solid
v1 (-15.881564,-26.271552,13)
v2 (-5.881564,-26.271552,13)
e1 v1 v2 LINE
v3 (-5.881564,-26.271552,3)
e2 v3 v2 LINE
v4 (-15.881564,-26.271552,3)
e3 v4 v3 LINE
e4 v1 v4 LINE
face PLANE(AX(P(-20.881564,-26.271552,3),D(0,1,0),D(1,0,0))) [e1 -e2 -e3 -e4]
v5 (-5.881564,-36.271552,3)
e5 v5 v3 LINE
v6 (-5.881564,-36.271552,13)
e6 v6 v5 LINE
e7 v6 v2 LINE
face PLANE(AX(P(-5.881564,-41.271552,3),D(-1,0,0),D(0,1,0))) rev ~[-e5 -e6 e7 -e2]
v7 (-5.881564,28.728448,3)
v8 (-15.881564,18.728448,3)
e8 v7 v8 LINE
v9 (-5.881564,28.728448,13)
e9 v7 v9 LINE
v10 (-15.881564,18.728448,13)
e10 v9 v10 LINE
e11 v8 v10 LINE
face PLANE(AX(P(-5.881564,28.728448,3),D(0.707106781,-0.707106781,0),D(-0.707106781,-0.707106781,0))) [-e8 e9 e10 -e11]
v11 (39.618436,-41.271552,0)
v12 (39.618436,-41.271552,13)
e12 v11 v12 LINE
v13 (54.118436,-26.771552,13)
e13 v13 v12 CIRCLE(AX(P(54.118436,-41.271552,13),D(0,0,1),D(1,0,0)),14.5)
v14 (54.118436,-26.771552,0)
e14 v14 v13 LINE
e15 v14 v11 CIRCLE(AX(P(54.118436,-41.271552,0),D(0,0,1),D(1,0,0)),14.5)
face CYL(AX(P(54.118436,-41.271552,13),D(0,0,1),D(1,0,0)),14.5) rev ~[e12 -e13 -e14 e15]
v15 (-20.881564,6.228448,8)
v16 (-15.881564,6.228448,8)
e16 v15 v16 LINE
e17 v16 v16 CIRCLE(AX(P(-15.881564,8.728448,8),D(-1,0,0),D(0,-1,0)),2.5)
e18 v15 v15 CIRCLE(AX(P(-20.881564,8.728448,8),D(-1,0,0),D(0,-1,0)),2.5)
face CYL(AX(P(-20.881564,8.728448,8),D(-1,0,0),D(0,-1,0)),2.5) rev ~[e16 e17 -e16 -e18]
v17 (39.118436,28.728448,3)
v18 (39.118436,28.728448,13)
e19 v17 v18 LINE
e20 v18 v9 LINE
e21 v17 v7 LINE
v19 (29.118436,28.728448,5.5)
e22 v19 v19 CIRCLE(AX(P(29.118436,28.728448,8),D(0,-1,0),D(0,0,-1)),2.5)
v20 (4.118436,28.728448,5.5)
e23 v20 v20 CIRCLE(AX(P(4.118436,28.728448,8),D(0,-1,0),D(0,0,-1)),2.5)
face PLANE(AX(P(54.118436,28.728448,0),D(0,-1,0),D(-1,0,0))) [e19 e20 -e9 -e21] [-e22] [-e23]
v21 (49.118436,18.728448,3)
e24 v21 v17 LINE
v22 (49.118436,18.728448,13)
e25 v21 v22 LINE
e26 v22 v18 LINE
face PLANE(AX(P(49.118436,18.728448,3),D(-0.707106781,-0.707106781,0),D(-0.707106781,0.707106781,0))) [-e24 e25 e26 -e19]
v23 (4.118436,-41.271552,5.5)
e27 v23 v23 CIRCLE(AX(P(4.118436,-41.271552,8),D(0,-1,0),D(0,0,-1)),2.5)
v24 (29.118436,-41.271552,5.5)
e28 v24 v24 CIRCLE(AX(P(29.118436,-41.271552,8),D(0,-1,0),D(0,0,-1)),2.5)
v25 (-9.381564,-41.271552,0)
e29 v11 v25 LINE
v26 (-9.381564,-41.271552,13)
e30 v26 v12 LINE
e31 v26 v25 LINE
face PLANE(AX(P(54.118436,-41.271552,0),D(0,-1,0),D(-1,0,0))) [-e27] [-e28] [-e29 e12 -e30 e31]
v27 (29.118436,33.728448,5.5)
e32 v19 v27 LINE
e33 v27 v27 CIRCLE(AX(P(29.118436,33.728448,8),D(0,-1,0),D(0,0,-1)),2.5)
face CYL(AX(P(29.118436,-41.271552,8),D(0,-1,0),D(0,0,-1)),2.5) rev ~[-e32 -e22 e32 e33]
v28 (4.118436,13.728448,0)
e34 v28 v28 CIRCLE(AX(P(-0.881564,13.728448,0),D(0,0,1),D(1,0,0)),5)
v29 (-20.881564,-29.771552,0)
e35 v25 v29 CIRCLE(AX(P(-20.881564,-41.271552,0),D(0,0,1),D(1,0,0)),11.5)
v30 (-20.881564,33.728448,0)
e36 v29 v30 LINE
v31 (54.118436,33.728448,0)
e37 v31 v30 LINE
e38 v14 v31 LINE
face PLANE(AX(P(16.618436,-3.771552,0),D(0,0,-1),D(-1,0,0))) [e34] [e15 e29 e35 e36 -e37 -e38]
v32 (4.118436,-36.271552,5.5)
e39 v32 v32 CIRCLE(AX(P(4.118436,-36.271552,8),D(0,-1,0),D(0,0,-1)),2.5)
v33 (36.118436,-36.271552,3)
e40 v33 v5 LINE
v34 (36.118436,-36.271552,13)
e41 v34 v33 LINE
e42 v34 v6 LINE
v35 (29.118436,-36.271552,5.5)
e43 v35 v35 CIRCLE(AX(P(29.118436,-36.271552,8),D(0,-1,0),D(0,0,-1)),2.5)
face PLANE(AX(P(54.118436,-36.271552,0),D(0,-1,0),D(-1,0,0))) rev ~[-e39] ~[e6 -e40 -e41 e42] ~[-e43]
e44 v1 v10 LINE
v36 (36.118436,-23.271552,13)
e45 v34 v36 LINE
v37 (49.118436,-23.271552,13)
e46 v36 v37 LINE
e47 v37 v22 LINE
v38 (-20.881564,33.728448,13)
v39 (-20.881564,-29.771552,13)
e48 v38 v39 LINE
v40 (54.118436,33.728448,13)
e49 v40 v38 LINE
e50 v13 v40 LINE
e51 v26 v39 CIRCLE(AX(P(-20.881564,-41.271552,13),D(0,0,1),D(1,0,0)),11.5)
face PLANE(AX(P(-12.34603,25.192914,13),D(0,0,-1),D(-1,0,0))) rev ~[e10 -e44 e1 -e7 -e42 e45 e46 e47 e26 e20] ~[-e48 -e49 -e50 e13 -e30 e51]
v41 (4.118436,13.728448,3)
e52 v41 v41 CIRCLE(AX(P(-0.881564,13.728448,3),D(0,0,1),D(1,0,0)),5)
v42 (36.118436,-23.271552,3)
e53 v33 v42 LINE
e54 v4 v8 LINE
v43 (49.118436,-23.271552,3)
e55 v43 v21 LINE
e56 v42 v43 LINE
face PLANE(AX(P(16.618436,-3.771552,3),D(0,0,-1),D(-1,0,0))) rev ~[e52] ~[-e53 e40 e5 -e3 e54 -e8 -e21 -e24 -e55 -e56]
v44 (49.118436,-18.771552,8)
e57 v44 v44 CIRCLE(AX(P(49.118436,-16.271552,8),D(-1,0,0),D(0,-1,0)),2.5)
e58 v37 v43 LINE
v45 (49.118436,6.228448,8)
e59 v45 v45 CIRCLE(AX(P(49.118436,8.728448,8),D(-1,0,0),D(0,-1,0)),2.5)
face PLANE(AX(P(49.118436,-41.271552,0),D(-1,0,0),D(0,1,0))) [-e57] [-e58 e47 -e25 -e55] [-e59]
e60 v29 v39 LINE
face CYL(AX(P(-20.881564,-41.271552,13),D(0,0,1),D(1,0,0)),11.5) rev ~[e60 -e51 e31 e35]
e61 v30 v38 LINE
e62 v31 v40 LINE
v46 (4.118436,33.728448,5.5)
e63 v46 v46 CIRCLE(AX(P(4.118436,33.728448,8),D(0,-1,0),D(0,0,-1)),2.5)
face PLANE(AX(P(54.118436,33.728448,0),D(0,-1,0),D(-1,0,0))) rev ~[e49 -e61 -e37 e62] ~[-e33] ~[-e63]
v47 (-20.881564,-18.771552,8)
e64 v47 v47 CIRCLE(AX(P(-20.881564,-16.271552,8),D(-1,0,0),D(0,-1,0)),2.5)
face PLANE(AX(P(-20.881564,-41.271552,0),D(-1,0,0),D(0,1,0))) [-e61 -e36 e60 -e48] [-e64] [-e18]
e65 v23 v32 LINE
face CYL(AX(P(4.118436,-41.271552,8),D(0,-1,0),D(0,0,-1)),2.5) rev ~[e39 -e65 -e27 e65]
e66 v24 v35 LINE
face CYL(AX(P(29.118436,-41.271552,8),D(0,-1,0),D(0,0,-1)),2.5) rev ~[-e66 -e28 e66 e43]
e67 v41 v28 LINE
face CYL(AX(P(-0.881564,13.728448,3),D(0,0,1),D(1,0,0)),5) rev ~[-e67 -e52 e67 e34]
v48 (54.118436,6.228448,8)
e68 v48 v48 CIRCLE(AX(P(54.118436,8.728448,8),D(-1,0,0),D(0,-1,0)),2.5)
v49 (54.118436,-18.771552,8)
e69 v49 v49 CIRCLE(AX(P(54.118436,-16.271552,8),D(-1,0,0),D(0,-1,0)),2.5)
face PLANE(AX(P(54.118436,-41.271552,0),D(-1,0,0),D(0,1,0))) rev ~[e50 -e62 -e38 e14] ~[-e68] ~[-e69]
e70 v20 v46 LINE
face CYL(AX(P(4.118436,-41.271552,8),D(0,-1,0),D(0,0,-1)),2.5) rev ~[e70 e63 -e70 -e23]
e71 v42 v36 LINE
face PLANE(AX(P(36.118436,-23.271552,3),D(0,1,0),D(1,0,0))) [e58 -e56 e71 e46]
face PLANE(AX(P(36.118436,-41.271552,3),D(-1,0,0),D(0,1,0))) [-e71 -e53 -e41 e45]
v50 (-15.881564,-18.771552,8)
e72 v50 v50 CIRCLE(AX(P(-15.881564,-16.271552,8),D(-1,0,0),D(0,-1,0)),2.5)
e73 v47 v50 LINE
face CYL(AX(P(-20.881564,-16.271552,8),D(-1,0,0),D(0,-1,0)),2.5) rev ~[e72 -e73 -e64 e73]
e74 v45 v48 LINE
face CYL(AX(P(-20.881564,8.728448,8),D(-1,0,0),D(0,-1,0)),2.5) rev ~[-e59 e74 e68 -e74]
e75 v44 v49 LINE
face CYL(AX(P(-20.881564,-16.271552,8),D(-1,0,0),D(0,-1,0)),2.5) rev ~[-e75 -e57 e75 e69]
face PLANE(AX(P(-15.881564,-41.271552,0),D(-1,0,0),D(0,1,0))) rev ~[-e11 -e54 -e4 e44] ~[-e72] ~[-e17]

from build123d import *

# Parameters (mm, degrees)
BOSS_EXTRU_1_DEPTH        = 13
COQUE1_T                  = -5
COQUE1_THICKNESS_2_FACE_W = 65
COQUE1_THICKNESS_2_FACE_H = 65
COQUE1_THICKNESS_2_DEPTH  = 2
ENL_V_MAT_EXTRU_1_REACH   = 88.587
ESQUISSE2_R               = 2.5
ENL_V_MAT_EXTRU_2_REACH   = 95.396
ESQUISSE3_R               = 2.5
ESQUISSE4_W               = 18
ESQUISSE4_H               = 18
ESQUISSE4_W_2             = 15
ESQUISSE4_H_2             = 15
BOSS_EXTRU_2_DEPTH        = 10
ESQUISSE5_R               = 11.5
ESQUISSE5_R_2             = 14.5
ENL_V_MAT_EXTRU_3_DEPTH   = 13
ESQUISSE6_R               = 5
ENL_V_MAT_EXTRU_4_DEPTH   = 3


with BuildPart() as part:
    # Esquisse1 → Boss.-Extru.1 (new body)
    with BuildSketch(Plane.XY):
        Polygon((44.118436308, 33.728448276), (54.118436308, 33.728448276), (54.118436308, 23.728448276), (54.118436308, -41.271551724), (-20.881563692, -41.271551724), (-20.881563692, 33.728448276), align=None)
    extrude(amount=BOSS_EXTRU_1_DEPTH)

    # Coque1
    coque1_openings = [part.faces().sort_by_distance(p)[0] for p in [
        (16.618436308, -3.771551724, 13),
    ]]
    offset(amount=COQUE1_T, openings=coque1_openings, kind=Kind.INTERSECTION)

    # Coque1 thickness 2 face (on inner face of the shell) → Coque1 thickness 2 (cut)
    with BuildSketch(Plane(origin=(16.618436308, -3.771551724, 5), x_dir=(-1, 0, 0), z_dir=(0, 0, -1))):
        Rectangle(COQUE1_THICKNESS_2_FACE_W, COQUE1_THICKNESS_2_FACE_H)
    extrude(amount=COQUE1_THICKNESS_2_DEPTH, mode=Mode.SUBTRACT)

    # Enlèv. mat.-Extru.1: up to this face of the body (flat: up to its plane)
    enl_v_mat_extru_1_end = Plane(part.part.faces().sort_by_distance((54.118436308, -3.771551724, 6.5))[0])
    # Esquisse2 → Enlèv. mat.-Extru.1 (cut, up to the picked face)
    with BuildSketch(Plane.ZY.offset(20.881563692), mode=Mode.PRIVATE) as enl_v_mat_extru_1_sk1:
        with Locations(Location((8, -16.271551724, 0), (0, 0, 270))):
            Circle(ESQUISSE2_R)
    enl_v_mat_extru_1_tool1 = split(extrude(enl_v_mat_extru_1_sk1.sketch, amount=-ENL_V_MAT_EXTRU_1_REACH, mode=Mode.PRIVATE), bisect_by=enl_v_mat_extru_1_end, keep=Keep.BOTH, mode=Mode.PRIVATE)
    # Esquisse2 → Enlèv. mat.-Extru.1 (cut, up to the picked face)
    with BuildSketch(Plane.ZY.offset(20.881563692), mode=Mode.PRIVATE) as enl_v_mat_extru_1_sk2:
        with Locations(Location((8, 8.728448276, 0), (0, 0, 270))):
            Circle(ESQUISSE2_R)
    enl_v_mat_extru_1_tool2 = split(extrude(enl_v_mat_extru_1_sk2.sketch, amount=-ENL_V_MAT_EXTRU_1_REACH, mode=Mode.PRIVATE), bisect_by=enl_v_mat_extru_1_end, keep=Keep.BOTH, mode=Mode.PRIVATE)
    add(enl_v_mat_extru_1_tool1.solids().sort_by(Axis((-20.881564, -16.271552, 8), (1, 0, 0)))[0], mode=Mode.SUBTRACT)
    add(enl_v_mat_extru_1_tool2.solids().sort_by(Axis((-20.881564, 8.728448, 8), (1, 0, 0)))[0], mode=Mode.SUBTRACT)

    # Enlèv. mat.-Extru.2: up to this face of the body (flat: up to its plane)
    enl_v_mat_extru_2_end = Plane(part.part.faces().sort_by_distance((16.618436308, 33.728448276, 6.5))[0])
    # Esquisse3 → Enlèv. mat.-Extru.2 (cut, up to the picked face)
    with BuildSketch(Plane.XZ.offset(41.271551724), mode=Mode.PRIVATE) as enl_v_mat_extru_2_sk1:
        with Locations(Location((4.118436308, 8, 0), (0, 0, 270))):
            Circle(ESQUISSE3_R)
    enl_v_mat_extru_2_tool1 = split(extrude(enl_v_mat_extru_2_sk1.sketch, amount=-ENL_V_MAT_EXTRU_2_REACH, mode=Mode.PRIVATE), bisect_by=enl_v_mat_extru_2_end, keep=Keep.BOTH, mode=Mode.PRIVATE)
    # Esquisse3 → Enlèv. mat.-Extru.2 (cut, up to the picked face)
    with BuildSketch(Plane.XZ.offset(41.271551724), mode=Mode.PRIVATE) as enl_v_mat_extru_2_sk2:
        with Locations(Location((29.118436308, 8, 0), (0, 0, 270))):
            Circle(ESQUISSE3_R)
    enl_v_mat_extru_2_tool2 = split(extrude(enl_v_mat_extru_2_sk2.sketch, amount=-ENL_V_MAT_EXTRU_2_REACH, mode=Mode.PRIVATE), bisect_by=enl_v_mat_extru_2_end, keep=Keep.BOTH, mode=Mode.PRIVATE)
    add(enl_v_mat_extru_2_tool1.solids().sort_by(Axis((4.118436, -41.271552, 8), (0, 1, 0)))[0], mode=Mode.SUBTRACT)
    add(enl_v_mat_extru_2_tool2.solids().sort_by(Axis((29.118436, -41.271552, 8), (0, 1, 0)))[0], mode=Mode.SUBTRACT)

    # Esquisse4 → Boss.-Extru.2 (add)
    with BuildSketch(Plane.XY.offset(3)):
        Polygon((-5.881563692, 28.728448276), (-15.881563692, 18.728448276), (-15.881563692, 28.728448276), align=None)
        Polygon((49.118436308, 28.728448276), (49.118436308, 18.728448276), (39.118436308, 28.728448276), align=None)
        with Locations((45.118436308, -32.271551724)):
            Rectangle(ESQUISSE4_W, ESQUISSE4_H)
        with Locations((-13.381563692, -33.771551724)):
            Rectangle(ESQUISSE4_W_2, ESQUISSE4_H_2)
    extrude(amount=BOSS_EXTRU_2_DEPTH)

    # Esquisse5 → Enlèv. mat.-Extru.3 (cut)
    with BuildSketch(Plane.XY.offset(13)):
        with Locations((-20.881563692, -41.271551724)):
            Circle(ESQUISSE5_R)
        with Locations((54.118436308, -41.271551724)):
            Circle(ESQUISSE5_R_2)
    extrude(amount=-ENL_V_MAT_EXTRU_3_DEPTH, mode=Mode.SUBTRACT)

    # Esquisse6 → Enlèv. mat.-Extru.4 (cut)
    with BuildSketch(Plane.XY.offset(3)):
        with Locations((-0.881563692, 13.728448276)):
            Circle(ESQUISSE6_R)
    extrude(amount=-ENL_V_MAT_EXTRU_4_DEPTH, mode=Mode.SUBTRACT)


solid = part.part
